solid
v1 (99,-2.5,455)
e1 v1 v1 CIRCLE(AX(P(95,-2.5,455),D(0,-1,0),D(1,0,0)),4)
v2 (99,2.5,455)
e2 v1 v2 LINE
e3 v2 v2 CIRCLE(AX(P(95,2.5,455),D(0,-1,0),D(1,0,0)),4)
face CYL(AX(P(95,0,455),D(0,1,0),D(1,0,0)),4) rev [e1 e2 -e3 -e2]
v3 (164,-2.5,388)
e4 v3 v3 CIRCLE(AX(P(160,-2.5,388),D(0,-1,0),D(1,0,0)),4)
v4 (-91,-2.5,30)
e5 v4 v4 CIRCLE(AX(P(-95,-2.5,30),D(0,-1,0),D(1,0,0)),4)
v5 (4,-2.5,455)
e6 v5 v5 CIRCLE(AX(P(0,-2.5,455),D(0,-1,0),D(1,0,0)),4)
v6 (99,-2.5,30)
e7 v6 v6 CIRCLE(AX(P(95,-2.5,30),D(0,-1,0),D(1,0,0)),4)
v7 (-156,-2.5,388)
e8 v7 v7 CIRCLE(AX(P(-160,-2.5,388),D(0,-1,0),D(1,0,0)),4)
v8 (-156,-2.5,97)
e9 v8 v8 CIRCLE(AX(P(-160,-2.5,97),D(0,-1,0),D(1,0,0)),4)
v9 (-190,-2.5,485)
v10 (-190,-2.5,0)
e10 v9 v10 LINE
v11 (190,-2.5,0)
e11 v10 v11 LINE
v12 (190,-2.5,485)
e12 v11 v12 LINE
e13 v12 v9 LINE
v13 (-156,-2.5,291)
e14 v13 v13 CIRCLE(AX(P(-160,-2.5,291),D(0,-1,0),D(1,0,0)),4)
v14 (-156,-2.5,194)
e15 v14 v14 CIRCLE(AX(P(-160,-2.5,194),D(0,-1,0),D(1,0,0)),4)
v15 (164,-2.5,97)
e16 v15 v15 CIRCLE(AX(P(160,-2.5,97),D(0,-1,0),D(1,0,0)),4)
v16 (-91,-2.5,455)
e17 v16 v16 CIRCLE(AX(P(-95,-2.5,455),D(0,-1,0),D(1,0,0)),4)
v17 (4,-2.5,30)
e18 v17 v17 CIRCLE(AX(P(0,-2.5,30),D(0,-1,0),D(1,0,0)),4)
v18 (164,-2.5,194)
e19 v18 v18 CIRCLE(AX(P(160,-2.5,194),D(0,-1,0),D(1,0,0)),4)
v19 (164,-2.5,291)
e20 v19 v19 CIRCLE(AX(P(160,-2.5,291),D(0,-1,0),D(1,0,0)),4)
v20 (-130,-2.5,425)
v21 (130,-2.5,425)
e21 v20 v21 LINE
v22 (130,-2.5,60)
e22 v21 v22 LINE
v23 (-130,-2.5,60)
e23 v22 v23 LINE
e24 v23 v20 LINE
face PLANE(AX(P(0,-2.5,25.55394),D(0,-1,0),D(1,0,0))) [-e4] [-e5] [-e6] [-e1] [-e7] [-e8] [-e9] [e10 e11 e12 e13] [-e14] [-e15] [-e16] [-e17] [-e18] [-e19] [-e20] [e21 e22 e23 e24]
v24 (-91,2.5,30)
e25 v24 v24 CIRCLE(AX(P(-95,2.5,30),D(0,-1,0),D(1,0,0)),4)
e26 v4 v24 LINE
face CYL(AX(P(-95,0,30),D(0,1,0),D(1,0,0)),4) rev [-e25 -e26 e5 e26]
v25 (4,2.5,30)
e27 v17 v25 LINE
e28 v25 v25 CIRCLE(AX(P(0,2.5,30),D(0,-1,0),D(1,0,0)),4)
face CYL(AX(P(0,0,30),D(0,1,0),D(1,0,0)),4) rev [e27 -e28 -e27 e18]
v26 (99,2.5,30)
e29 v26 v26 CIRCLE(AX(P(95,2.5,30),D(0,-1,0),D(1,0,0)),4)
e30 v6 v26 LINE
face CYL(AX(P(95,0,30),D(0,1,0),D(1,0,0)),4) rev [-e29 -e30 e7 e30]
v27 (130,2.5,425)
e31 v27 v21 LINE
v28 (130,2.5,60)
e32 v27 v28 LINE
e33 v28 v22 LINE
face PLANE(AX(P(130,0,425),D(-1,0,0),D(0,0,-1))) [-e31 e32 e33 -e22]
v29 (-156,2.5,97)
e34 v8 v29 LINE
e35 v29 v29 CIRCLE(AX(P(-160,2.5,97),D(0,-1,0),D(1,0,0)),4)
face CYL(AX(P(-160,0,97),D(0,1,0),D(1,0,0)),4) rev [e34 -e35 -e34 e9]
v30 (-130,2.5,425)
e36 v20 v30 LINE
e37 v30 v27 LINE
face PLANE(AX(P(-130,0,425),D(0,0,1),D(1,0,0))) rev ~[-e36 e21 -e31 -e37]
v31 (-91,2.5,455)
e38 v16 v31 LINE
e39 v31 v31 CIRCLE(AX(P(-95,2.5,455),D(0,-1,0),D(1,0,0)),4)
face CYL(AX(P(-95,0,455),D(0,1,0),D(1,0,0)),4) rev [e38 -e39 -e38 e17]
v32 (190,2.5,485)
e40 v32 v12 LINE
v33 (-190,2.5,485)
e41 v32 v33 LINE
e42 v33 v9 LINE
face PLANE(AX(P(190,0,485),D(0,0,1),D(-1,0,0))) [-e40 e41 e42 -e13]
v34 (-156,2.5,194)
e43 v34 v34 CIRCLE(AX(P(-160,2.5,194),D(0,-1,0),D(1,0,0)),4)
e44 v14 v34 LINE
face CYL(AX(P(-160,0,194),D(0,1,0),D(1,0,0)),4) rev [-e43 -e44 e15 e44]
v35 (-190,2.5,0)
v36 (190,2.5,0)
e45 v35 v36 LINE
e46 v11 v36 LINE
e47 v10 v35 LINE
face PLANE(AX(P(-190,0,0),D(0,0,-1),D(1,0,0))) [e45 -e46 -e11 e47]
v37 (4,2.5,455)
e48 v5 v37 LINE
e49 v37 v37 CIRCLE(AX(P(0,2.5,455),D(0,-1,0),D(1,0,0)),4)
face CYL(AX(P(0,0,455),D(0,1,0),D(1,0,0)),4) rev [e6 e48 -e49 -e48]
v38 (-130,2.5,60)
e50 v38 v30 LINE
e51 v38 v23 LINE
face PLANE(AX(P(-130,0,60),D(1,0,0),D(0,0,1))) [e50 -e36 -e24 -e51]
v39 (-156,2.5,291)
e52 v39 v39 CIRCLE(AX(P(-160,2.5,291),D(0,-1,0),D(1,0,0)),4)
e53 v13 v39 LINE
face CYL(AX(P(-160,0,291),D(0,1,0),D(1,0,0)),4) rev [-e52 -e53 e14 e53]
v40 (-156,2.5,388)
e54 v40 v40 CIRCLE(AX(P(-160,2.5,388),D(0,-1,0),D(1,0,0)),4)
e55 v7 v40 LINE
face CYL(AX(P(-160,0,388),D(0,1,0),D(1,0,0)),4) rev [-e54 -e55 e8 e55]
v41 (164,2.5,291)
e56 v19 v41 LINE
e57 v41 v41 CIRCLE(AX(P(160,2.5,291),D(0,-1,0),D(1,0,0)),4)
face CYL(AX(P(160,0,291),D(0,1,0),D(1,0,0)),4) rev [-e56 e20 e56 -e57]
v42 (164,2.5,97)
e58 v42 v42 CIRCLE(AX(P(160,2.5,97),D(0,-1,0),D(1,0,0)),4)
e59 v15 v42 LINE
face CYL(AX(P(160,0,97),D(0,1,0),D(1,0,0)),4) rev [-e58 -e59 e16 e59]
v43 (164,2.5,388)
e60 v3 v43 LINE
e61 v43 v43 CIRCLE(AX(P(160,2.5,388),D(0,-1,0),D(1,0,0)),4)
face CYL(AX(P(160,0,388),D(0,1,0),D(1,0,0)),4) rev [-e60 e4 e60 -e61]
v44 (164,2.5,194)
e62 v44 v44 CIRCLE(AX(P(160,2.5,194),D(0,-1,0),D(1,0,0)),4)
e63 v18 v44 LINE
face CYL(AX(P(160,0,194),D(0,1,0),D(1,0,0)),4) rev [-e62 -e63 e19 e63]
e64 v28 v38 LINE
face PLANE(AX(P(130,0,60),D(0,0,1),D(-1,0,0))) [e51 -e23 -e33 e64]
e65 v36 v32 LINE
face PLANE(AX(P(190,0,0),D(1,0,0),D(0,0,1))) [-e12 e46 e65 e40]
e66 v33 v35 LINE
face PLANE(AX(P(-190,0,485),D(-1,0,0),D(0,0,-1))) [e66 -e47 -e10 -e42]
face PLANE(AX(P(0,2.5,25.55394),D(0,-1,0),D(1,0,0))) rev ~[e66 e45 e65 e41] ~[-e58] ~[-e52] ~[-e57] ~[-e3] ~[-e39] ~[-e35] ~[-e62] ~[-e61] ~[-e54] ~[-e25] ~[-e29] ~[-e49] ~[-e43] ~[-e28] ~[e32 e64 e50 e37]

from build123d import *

# Parameters (mm, degrees)
F0_R     = 4
F1_DEPTH = 2.5


with BuildPart() as f1:
    # F0 (on Front) → F1 (new body, symmetric)
    with BuildSketch(Plane.XZ):
        Polygon((130, 60), (-130, 60), (-190, 0), (190, 0), align=None)
        with Locations((-95, 30)):
            Circle(F0_R, mode=Mode.SUBTRACT)
        with Locations((0, 30)):
            Circle(F0_R, mode=Mode.SUBTRACT)
        with Locations((95, 30)):
            Circle(F0_R, mode=Mode.SUBTRACT)
        Polygon((130, 425), (130, 60), (190, 0), (190, 485), align=None)
        with Locations((160, 97)):
            Circle(F0_R, mode=Mode.SUBTRACT)
        with Locations((160, 194)):
            Circle(F0_R, mode=Mode.SUBTRACT)
        with Locations((160, 291)):
            Circle(F0_R, mode=Mode.SUBTRACT)
        with Locations((160, 388)):
            Circle(F0_R, mode=Mode.SUBTRACT)
        Polygon((-190, 0), (-130, 60), (-130, 425), (-190, 485), align=None)
        with Locations((-160, 97)):
            Circle(F0_R, mode=Mode.SUBTRACT)
        with Locations((-160, 194)):
            Circle(F0_R, mode=Mode.SUBTRACT)
        with Locations((-160, 291)):
            Circle(F0_R, mode=Mode.SUBTRACT)
        with Locations((-160, 388)):
            Circle(F0_R, mode=Mode.SUBTRACT)
        Polygon((-190, 485), (-130, 425), (130, 425), (190, 485), align=None)
        with Locations((-95, 455)):
            Circle(F0_R, mode=Mode.SUBTRACT)
        with Locations((0, 455)):
            Circle(F0_R, mode=Mode.SUBTRACT)
        with Locations((95, 455)):
            Circle(F0_R, mode=Mode.SUBTRACT)
    extrude(amount=F1_DEPTH, both=True)


solid = f1.part
